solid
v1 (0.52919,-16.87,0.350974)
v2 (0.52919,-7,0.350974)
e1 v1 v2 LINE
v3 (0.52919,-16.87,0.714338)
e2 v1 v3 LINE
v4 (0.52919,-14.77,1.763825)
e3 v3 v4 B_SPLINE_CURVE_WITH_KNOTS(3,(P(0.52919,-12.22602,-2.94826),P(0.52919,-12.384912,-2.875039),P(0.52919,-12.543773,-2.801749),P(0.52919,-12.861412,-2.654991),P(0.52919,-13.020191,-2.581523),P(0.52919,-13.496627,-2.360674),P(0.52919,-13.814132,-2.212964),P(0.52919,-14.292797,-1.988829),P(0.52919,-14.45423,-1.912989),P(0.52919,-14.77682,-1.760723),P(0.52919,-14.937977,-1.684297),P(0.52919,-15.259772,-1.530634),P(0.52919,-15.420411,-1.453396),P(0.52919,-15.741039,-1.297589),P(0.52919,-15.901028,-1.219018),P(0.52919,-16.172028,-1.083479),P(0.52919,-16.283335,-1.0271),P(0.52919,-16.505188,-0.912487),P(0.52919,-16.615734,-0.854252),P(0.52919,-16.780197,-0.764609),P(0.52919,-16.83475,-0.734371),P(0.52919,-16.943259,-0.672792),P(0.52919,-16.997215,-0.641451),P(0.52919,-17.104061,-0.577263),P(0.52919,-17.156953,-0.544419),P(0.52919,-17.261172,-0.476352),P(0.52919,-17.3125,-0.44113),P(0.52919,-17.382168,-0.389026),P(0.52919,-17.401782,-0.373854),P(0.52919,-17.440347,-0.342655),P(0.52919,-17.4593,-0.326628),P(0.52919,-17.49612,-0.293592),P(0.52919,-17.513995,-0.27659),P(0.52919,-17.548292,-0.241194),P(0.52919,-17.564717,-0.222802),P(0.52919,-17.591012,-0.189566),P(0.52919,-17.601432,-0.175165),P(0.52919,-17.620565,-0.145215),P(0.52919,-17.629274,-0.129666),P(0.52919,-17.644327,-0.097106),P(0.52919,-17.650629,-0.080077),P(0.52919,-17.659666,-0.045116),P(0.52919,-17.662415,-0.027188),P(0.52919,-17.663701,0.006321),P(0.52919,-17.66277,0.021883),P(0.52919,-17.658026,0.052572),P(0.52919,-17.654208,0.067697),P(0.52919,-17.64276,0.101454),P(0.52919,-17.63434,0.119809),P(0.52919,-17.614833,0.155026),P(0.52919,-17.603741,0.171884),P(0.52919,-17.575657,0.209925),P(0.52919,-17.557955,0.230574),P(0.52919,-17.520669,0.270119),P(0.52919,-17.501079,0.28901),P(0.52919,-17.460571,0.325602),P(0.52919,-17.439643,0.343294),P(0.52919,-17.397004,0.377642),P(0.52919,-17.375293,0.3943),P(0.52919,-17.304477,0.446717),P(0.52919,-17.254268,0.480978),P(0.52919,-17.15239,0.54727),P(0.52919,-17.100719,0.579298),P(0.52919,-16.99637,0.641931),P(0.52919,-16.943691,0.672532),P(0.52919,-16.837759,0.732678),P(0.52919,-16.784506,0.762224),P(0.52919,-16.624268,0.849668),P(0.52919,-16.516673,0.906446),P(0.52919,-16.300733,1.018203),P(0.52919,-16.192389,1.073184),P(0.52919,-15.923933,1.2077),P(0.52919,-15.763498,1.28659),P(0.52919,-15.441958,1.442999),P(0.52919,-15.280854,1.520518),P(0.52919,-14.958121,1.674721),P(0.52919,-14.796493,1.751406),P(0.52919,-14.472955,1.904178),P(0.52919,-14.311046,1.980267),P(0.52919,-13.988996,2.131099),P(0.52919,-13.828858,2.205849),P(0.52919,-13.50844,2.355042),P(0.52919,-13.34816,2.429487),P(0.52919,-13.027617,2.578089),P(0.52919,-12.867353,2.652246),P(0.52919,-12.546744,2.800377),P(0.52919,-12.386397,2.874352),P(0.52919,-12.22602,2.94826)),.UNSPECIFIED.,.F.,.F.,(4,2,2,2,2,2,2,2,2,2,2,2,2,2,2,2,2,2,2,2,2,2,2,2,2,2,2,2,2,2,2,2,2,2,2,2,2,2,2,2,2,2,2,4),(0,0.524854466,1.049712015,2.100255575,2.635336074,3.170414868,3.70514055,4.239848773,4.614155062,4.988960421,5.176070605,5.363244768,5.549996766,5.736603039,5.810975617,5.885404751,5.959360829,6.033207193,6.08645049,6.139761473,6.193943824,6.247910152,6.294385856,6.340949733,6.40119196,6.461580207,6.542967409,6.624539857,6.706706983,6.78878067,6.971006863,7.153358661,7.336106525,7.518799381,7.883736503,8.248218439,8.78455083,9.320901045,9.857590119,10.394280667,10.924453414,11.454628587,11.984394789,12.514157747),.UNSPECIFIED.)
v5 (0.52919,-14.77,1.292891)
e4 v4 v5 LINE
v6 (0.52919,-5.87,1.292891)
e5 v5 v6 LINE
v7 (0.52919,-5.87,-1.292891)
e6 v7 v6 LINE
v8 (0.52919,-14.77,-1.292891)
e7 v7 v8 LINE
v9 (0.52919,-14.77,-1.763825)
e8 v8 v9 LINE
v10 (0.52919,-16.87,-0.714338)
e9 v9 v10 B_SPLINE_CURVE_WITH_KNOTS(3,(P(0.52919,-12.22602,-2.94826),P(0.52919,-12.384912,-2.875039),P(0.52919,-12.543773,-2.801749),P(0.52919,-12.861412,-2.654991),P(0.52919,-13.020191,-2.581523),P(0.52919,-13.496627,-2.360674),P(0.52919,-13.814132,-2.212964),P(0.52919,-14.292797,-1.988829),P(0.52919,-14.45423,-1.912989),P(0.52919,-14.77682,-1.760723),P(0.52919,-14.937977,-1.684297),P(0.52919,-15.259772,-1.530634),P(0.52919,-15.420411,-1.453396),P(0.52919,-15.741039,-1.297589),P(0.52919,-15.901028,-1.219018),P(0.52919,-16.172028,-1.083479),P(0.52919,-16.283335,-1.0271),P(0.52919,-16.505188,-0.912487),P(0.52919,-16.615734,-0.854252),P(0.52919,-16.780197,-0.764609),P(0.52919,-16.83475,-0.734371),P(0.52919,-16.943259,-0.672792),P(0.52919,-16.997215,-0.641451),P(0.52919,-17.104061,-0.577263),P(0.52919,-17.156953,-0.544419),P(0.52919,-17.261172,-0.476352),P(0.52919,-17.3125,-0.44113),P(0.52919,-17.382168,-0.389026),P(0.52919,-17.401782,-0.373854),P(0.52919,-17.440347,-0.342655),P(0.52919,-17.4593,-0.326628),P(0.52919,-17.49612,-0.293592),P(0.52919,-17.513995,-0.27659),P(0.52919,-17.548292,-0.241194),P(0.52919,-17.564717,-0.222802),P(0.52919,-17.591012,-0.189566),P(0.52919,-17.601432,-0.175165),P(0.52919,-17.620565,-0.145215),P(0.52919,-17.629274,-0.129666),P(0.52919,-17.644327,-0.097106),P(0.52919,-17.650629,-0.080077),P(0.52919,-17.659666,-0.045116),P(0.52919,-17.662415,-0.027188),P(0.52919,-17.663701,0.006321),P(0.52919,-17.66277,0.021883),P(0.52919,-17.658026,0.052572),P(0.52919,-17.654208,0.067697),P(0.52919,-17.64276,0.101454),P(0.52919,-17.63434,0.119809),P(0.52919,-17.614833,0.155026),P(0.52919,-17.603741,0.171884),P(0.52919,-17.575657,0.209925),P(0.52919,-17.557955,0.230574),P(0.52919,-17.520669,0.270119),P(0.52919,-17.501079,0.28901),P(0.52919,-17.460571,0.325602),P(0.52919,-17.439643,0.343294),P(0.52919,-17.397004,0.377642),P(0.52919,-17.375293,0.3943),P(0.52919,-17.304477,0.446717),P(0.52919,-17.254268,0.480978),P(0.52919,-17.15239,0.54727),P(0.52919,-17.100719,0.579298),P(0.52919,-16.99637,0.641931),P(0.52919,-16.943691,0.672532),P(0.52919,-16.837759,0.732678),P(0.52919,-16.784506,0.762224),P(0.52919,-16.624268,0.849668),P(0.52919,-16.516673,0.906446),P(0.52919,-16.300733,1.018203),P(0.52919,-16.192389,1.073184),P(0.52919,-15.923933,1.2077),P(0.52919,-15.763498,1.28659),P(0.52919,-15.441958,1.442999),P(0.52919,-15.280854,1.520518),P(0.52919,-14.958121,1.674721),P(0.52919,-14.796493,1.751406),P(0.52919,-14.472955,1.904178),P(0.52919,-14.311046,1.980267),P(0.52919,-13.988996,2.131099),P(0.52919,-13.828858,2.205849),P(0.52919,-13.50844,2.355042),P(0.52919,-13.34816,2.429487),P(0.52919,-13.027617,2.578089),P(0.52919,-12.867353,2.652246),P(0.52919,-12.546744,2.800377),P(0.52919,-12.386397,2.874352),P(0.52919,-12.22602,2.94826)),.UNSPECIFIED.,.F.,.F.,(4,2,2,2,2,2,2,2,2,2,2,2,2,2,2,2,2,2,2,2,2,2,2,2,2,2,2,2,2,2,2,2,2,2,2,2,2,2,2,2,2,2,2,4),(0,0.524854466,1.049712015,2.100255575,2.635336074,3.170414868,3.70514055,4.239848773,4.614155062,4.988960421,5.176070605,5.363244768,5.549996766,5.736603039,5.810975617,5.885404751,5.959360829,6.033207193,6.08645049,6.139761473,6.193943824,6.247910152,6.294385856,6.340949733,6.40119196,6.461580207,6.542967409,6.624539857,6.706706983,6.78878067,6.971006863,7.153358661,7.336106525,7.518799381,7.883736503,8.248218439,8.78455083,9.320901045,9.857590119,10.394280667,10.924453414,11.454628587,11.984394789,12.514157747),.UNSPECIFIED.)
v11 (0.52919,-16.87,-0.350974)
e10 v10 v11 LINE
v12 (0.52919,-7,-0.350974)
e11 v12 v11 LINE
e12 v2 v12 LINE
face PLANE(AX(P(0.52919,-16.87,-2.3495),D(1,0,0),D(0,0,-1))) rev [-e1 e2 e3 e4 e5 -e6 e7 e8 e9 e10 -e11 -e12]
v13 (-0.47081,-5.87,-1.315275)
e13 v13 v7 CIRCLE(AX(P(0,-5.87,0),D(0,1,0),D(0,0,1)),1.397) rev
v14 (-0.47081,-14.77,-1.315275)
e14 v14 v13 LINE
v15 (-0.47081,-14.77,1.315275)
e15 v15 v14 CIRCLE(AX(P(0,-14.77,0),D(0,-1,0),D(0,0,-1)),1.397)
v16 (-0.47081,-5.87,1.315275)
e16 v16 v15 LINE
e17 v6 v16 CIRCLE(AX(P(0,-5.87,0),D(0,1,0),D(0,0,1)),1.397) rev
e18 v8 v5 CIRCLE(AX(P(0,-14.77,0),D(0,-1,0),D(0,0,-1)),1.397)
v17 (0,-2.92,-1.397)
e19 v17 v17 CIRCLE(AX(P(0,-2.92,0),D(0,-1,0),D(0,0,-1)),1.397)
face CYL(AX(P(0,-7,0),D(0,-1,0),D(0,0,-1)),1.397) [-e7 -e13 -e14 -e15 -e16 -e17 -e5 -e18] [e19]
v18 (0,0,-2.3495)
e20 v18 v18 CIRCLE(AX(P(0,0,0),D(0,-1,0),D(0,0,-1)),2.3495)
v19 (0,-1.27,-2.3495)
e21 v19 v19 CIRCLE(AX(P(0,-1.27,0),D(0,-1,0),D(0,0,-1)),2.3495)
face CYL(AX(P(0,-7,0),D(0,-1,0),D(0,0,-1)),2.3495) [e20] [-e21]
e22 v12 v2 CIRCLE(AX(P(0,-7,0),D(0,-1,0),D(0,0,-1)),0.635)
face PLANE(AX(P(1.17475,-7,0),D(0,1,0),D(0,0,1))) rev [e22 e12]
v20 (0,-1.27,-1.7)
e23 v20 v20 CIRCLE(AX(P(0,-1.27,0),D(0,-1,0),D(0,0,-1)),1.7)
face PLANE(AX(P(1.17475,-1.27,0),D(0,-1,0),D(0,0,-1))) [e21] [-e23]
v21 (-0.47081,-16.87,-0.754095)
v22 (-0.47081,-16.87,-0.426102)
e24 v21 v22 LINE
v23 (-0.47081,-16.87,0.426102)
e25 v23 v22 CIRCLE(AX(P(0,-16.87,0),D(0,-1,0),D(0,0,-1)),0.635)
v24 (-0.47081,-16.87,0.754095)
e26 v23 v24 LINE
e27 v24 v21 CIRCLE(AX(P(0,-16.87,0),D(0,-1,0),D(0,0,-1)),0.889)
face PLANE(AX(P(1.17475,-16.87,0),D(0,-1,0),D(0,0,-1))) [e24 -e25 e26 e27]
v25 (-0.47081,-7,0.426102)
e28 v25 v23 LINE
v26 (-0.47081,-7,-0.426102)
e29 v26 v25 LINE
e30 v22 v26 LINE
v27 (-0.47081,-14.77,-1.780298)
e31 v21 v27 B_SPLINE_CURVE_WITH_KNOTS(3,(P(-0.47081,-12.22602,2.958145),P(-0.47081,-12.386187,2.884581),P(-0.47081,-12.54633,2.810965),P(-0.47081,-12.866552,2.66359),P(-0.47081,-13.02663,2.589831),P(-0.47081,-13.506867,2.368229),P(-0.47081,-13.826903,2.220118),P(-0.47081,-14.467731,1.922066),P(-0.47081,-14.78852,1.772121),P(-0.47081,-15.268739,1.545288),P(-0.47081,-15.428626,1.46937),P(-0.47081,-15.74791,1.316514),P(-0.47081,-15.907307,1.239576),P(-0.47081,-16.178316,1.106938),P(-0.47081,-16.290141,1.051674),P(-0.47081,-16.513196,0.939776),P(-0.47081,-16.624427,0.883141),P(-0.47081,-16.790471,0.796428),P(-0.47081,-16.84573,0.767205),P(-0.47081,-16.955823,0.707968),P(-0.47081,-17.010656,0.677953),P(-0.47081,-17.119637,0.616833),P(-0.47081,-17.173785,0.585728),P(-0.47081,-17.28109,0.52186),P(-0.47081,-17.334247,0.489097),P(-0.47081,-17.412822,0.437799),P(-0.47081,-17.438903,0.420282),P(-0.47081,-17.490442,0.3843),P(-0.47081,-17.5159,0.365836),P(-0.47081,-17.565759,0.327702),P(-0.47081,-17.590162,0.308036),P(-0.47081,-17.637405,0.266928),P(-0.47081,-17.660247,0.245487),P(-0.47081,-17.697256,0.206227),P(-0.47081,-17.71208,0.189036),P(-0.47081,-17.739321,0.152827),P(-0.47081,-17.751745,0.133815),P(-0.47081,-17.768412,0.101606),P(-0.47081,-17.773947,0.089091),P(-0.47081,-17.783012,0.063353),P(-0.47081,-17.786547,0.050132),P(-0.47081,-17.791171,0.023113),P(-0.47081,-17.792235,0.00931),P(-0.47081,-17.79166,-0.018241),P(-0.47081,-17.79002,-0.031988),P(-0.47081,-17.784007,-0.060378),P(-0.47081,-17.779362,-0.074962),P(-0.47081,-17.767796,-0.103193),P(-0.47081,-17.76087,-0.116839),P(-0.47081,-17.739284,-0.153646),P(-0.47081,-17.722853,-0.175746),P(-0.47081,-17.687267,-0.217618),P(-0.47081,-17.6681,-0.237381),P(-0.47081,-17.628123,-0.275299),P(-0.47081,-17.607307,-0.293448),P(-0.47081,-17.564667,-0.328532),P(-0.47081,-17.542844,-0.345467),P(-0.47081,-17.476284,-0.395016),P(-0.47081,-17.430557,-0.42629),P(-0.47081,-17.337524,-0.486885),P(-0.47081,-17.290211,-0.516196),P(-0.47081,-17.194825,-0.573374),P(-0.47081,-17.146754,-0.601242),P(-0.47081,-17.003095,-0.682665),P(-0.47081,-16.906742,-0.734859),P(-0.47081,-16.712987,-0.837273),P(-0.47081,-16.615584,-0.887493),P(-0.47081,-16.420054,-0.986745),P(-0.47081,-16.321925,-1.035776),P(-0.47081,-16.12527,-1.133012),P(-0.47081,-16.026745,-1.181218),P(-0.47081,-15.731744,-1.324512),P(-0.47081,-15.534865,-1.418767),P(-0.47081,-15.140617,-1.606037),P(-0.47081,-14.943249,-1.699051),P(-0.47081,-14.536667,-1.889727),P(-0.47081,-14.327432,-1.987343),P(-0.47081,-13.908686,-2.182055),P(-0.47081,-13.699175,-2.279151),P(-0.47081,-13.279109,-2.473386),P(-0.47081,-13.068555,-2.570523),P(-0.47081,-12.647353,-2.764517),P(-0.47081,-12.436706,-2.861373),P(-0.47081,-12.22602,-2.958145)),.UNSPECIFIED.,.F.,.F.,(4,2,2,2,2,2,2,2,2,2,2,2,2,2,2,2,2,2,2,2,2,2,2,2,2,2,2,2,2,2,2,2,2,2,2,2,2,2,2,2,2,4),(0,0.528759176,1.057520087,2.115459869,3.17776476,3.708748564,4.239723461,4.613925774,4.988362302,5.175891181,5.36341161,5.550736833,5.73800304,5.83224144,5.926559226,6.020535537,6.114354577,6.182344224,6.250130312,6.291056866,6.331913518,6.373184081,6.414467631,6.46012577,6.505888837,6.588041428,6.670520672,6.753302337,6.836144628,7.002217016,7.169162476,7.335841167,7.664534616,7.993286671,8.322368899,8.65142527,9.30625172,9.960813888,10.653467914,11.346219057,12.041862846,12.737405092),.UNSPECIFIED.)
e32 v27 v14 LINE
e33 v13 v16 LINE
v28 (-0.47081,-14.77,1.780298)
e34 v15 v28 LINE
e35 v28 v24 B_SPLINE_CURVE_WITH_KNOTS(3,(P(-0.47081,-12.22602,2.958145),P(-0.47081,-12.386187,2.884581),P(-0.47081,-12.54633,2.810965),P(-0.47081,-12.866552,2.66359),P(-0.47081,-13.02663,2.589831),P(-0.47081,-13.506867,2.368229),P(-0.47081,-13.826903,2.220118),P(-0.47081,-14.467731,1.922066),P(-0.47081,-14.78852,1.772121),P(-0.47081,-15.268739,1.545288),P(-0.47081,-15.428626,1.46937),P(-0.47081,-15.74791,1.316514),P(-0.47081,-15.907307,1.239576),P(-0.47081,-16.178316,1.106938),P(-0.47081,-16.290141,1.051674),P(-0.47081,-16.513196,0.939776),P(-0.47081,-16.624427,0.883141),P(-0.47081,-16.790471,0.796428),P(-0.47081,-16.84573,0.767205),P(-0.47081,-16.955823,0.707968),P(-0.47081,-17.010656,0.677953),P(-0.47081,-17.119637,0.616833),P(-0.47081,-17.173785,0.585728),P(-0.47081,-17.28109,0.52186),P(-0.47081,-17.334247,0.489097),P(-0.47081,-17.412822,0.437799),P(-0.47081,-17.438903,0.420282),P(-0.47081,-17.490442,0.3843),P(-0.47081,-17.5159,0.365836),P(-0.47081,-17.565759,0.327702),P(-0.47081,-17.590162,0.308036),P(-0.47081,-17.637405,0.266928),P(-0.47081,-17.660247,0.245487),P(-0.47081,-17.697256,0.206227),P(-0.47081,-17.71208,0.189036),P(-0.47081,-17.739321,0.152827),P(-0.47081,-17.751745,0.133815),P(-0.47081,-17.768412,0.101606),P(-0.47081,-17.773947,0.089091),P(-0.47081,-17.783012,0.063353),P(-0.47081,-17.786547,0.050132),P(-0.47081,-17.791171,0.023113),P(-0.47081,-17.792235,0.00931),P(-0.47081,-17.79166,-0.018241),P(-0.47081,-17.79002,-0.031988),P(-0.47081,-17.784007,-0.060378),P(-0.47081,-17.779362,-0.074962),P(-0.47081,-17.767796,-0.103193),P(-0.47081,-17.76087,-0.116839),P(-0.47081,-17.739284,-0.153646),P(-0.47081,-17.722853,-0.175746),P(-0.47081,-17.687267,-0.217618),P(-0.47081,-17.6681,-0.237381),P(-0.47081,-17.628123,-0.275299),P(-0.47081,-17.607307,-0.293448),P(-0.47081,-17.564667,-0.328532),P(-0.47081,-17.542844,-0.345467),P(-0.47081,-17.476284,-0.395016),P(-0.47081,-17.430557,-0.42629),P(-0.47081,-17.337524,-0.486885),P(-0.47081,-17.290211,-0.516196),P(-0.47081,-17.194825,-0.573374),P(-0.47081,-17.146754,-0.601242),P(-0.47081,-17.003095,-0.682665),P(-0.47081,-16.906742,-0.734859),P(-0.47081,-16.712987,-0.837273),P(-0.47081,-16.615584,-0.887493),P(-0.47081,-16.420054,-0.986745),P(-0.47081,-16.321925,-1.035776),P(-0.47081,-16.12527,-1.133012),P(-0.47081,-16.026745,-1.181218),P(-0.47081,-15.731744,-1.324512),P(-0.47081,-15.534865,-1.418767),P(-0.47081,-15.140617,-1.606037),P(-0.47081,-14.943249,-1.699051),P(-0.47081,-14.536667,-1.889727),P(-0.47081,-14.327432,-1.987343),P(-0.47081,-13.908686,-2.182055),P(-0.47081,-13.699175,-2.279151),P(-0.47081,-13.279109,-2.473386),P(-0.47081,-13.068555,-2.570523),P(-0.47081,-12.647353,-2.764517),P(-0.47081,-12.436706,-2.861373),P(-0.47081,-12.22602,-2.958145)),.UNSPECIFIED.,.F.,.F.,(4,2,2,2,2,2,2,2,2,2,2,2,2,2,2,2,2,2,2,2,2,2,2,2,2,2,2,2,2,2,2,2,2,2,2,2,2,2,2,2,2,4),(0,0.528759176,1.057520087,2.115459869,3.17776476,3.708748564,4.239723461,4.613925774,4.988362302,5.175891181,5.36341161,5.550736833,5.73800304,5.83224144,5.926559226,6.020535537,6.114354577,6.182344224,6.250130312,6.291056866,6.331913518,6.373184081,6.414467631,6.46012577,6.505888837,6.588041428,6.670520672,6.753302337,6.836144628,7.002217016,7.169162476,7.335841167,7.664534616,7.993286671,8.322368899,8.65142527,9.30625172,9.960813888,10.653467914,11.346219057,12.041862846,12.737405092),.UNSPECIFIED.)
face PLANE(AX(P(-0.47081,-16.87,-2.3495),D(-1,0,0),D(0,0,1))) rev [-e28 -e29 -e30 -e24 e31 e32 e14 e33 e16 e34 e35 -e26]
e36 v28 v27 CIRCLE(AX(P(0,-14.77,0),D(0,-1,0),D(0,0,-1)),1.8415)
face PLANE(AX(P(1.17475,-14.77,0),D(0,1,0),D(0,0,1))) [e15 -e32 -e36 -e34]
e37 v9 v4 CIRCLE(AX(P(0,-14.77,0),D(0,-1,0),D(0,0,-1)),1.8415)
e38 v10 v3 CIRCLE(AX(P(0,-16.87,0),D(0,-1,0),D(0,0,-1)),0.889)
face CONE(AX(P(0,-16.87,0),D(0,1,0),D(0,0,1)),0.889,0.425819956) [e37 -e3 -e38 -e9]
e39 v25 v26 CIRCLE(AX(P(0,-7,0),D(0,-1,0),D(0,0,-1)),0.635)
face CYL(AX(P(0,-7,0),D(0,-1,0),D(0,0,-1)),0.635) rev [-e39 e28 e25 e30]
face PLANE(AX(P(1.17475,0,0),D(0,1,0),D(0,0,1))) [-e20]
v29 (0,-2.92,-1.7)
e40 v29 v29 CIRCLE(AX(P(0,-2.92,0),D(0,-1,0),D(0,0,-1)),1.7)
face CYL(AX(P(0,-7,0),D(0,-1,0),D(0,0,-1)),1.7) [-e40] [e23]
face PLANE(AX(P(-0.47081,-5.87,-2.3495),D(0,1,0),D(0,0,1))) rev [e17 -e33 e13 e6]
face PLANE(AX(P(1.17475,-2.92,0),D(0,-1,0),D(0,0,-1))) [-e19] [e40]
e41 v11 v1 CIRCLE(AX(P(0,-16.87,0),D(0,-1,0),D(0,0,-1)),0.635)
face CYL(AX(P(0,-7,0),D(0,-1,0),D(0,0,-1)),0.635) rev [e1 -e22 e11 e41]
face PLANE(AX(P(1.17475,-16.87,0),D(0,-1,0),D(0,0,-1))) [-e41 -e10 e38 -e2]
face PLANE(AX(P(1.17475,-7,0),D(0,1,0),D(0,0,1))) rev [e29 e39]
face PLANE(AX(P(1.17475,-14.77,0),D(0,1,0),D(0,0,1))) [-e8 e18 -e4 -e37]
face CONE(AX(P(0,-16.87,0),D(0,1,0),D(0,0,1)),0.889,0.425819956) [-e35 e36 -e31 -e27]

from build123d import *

# Parameters (mm, degrees)
CUT_EXTRUDE1_DEPTH      = 18.194103655
CUT_EXTRUDE1_DEPTH_BACK = 18.194103655
SKETCH3_W               = 1
SKETCH3_H               = 11


with BuildPart() as part:
    # Sketch1 → Revolve1 (revolve)
    with BuildSketch(Plane.XY, mode=Mode.PRIVATE) as revolve1_sk:
        Polygon((0, -7), (0, 0), (2.3495, 0), (2.3495, -1.27), (1.7, -1.27), (1.7, -2.92), (1.397, -2.92), (1.397, -14.77), (1.8415, -14.77), (0.889, -16.87), (0.635, -16.87), (0.635, -7), align=None)
    revolve(revolve1_sk.sketch.rotate(Axis((0, -7, 0), (0, 1, 0)), 90), axis=Axis((0, -7, 0), (0, 1, 0)))

    # Sketch3 → Cut-Extrude1 (cut, two sides: drawn at the far end of the back side and taken through both)
    with BuildSketch(Plane.XY.offset(-CUT_EXTRUDE1_DEPTH_BACK)):
        with Locations((0.029190269, -11.37)):
            Rectangle(SKETCH3_W, SKETCH3_H)
    extrude(amount=CUT_EXTRUDE1_DEPTH + CUT_EXTRUDE1_DEPTH_BACK, mode=Mode.SUBTRACT)


solid = part.part
